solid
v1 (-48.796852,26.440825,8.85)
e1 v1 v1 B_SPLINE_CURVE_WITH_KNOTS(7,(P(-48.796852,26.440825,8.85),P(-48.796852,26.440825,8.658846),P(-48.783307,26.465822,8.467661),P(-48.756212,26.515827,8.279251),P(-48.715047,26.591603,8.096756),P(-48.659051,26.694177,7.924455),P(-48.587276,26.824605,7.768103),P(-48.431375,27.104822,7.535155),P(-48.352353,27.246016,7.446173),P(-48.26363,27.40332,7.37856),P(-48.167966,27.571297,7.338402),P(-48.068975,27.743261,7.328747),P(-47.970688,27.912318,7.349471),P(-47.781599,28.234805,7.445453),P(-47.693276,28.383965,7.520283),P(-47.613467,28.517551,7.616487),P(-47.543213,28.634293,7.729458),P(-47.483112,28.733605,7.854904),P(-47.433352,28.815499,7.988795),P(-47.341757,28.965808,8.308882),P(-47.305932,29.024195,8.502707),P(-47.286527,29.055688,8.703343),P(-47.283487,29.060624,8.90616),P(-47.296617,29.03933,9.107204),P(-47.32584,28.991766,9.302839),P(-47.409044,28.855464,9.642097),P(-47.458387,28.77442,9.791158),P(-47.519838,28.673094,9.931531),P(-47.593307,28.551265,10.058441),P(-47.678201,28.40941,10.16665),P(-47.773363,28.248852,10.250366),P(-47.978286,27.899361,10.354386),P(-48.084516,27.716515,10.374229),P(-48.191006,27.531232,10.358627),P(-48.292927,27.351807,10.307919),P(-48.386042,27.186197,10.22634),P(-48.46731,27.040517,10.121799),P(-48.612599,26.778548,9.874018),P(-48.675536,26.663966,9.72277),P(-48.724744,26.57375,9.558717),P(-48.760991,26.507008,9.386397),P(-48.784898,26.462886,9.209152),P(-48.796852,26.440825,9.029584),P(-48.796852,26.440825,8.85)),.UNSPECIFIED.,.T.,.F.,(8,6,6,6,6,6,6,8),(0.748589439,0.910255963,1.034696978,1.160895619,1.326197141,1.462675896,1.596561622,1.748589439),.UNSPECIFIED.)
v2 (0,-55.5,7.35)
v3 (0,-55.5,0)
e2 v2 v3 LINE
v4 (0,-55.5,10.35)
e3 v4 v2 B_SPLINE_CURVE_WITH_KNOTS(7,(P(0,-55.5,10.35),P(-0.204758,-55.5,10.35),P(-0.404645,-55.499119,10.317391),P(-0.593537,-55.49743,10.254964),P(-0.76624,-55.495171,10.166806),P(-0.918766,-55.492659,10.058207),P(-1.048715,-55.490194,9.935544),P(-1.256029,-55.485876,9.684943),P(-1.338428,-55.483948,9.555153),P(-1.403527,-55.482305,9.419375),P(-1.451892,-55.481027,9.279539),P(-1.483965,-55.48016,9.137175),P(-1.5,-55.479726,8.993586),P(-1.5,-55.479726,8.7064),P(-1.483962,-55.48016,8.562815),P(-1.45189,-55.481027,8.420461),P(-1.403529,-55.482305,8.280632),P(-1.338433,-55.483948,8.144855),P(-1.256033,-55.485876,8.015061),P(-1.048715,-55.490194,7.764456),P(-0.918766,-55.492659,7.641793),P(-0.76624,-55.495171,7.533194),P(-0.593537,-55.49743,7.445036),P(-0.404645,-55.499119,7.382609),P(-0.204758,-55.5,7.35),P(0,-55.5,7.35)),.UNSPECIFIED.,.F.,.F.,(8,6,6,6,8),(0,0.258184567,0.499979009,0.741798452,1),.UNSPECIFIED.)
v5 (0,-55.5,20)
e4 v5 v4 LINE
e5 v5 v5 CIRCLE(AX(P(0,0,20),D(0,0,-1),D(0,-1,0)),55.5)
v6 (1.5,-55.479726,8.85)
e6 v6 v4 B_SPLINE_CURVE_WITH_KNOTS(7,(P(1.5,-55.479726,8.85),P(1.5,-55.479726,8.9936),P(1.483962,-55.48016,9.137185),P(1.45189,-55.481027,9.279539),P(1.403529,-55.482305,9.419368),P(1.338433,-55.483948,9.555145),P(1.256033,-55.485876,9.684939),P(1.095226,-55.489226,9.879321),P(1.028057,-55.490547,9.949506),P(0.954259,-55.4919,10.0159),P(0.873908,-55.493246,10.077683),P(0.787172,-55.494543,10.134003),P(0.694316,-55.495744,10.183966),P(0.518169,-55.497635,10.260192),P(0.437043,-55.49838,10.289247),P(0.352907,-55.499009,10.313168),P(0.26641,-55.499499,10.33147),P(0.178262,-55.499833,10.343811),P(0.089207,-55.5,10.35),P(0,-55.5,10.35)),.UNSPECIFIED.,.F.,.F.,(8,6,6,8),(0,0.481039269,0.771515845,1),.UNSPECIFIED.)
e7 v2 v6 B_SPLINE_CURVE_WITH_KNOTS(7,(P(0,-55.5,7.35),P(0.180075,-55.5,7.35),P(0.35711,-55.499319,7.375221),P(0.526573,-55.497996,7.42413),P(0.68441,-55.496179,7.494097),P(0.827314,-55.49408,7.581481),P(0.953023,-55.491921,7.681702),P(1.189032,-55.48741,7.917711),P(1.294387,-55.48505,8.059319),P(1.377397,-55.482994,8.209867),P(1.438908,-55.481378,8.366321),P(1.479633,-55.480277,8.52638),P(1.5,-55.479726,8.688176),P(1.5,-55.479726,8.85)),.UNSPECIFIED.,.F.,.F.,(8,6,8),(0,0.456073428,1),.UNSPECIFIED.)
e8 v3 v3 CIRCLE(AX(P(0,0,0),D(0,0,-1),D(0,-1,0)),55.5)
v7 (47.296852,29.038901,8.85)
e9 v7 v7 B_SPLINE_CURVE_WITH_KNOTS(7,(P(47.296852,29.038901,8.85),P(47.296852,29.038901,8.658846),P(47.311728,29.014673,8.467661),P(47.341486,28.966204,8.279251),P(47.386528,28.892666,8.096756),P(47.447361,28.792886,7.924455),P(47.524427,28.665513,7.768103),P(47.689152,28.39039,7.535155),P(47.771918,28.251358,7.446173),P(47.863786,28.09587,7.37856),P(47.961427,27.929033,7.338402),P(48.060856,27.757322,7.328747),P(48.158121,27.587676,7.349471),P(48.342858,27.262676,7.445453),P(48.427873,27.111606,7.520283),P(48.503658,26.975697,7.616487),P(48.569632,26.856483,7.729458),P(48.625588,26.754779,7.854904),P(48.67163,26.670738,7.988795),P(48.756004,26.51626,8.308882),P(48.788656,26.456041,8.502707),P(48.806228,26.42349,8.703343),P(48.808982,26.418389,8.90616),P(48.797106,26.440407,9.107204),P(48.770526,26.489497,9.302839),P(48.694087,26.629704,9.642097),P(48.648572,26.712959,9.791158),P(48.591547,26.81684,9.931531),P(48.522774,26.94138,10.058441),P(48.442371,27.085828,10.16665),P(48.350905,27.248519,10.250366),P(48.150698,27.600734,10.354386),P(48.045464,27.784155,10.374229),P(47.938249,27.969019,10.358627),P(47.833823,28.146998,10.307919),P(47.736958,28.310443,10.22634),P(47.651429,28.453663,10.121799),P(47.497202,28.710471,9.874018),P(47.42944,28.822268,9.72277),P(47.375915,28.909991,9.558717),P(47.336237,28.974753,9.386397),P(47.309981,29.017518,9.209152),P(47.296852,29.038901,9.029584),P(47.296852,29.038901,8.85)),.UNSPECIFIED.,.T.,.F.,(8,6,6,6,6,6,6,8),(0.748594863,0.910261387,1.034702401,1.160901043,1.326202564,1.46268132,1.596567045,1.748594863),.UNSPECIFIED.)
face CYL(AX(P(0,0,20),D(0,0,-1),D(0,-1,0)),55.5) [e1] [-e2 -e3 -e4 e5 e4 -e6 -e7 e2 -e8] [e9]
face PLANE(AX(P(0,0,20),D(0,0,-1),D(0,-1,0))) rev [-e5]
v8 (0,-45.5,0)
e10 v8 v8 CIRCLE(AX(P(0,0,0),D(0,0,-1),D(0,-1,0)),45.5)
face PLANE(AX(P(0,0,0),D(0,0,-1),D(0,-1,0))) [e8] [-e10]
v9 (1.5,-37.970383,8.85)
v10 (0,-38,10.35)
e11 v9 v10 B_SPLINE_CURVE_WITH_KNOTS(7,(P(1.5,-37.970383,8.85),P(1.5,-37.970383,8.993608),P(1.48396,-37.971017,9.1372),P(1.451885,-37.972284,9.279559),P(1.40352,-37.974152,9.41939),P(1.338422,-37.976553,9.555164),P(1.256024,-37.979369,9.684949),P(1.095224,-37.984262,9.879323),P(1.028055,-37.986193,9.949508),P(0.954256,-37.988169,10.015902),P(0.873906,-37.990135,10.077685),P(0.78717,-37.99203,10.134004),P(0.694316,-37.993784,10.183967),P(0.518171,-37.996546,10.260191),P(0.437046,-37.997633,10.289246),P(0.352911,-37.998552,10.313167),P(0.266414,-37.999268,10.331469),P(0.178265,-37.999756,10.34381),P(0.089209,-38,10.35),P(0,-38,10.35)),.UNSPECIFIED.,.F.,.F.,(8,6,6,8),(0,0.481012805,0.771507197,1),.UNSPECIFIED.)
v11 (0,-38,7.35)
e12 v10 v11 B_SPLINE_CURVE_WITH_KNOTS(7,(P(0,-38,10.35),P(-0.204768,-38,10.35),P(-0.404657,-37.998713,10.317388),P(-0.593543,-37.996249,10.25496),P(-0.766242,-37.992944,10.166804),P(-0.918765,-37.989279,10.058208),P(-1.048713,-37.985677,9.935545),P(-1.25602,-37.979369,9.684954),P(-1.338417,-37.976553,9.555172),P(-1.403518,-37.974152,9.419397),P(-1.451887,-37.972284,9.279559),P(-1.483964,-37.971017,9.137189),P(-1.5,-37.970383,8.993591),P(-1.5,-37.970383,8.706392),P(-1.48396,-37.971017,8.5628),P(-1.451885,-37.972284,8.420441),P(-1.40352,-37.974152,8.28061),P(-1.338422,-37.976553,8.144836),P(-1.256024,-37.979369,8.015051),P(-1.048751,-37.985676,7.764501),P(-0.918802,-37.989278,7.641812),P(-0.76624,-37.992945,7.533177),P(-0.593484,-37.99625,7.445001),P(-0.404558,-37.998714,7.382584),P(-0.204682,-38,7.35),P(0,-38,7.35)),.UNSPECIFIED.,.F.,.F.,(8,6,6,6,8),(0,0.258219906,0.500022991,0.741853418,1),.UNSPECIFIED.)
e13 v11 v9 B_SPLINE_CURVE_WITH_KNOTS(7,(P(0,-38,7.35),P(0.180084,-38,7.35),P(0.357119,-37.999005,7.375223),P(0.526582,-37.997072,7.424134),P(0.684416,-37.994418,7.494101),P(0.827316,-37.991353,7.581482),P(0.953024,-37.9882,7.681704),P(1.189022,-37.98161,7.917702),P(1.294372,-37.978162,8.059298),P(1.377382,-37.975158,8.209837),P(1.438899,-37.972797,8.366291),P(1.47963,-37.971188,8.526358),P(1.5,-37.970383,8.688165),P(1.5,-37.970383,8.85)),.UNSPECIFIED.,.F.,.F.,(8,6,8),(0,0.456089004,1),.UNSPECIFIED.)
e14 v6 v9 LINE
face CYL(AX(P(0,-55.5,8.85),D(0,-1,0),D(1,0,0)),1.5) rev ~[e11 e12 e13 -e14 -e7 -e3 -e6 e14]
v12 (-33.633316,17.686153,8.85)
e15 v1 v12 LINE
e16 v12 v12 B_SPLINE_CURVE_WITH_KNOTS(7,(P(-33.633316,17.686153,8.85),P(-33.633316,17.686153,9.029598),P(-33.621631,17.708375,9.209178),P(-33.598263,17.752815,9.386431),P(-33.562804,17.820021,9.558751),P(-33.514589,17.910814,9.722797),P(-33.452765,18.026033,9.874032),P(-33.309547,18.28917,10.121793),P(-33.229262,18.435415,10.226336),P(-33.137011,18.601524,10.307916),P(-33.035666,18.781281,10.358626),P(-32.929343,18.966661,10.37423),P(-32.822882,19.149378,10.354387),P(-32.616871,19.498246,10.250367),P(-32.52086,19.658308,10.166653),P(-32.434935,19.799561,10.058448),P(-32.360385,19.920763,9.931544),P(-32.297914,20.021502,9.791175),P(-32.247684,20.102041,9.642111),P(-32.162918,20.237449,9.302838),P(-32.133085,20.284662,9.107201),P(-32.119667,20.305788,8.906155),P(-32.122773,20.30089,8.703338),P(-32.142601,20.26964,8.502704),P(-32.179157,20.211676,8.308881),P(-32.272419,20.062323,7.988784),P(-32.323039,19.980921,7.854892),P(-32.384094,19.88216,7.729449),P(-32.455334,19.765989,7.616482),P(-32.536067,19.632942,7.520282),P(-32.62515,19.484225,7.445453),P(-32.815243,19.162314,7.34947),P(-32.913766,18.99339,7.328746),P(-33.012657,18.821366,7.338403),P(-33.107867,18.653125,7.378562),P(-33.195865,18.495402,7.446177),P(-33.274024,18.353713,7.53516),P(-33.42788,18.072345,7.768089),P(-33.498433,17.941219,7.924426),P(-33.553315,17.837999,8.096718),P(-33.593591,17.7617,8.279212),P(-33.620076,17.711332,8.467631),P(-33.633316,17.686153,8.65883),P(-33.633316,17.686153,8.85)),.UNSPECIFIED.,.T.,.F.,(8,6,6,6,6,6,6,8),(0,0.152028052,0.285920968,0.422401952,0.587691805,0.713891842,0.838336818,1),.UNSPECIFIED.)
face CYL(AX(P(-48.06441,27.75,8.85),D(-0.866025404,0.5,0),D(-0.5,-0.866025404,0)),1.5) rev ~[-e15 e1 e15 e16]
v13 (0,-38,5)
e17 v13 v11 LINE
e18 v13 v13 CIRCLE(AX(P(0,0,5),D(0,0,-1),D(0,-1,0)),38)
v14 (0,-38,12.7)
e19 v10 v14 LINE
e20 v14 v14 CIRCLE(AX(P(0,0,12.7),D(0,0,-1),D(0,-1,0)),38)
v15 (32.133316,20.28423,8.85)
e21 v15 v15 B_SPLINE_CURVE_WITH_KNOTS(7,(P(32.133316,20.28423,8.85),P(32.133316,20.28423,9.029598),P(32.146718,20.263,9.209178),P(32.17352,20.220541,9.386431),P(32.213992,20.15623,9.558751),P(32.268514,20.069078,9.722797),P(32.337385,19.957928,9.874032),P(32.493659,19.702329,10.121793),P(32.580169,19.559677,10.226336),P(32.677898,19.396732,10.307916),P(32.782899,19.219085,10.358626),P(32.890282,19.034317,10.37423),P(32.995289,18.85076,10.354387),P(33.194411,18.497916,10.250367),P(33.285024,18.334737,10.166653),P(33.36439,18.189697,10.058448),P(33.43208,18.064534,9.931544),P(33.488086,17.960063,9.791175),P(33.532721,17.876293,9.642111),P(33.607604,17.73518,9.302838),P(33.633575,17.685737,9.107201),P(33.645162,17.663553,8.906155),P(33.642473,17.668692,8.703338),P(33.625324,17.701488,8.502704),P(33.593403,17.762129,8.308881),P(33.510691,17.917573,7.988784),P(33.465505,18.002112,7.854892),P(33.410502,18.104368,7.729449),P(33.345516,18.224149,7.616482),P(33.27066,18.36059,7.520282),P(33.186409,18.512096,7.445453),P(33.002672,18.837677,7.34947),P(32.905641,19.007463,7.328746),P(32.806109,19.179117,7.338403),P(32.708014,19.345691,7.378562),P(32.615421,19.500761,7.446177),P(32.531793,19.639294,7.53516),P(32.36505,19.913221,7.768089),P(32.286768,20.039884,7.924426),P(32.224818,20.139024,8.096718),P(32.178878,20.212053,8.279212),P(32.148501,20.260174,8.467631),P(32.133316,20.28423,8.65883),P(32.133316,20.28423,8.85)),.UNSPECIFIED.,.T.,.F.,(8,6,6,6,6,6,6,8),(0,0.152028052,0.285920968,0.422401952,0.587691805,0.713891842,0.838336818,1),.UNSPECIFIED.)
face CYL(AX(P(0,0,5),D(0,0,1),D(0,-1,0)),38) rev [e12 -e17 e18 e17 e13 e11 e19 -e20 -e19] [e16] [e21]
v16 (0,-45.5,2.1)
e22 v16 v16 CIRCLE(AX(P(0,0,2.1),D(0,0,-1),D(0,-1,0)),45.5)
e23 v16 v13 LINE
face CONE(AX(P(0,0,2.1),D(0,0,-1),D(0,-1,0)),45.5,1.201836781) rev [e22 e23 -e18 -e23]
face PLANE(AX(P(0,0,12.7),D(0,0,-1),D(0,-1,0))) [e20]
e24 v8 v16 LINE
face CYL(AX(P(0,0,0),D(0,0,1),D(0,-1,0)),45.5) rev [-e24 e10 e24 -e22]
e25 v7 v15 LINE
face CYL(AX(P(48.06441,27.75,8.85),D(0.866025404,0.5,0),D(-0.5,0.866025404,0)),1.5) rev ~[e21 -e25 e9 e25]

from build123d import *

# Parameters (mm, degrees)
F7_R      = 1.5
F10_DEPTH = 17.530616906
F8_R      = 1.5
F11_DEPTH = 17.530616906
F9_R      = 1.5
F12_DEPTH = 17.5306169047


with BuildPart() as f1:
    # F0 (on Right) → F1 (revolve)
    with BuildSketch(Plane.YZ):
        Polygon((-55.5, 0), (-45.5, 0), (-45.5, 2.1), (-38, 5), (-38, 12.7), (0, 12.7), (0, 20), (-55.5, 20), align=None)
    revolve(axis=Axis((0, 0, -2.8341766447), (0, 0, -1)))

    # F7 (on line) → F10 (cut, through all)
    with BuildSketch(Plane(origin=(48.06440991, 27.75, 0), x_dir=(-0.5, 0.8660254038, 0), z_dir=(0.8660254038, 0.5, 0))):
        with Locations((0, 8.85)):
            Circle(F7_R)
    extrude(amount=-F10_DEPTH, mode=Mode.SUBTRACT)

    # F8 (on line) → F11 (cut, through all)
    with BuildSketch(Plane(origin=(-48.06440991, 27.75, 0), x_dir=(-0.5, -0.8660254038, 0), z_dir=(-0.8660254038, 0.5, 0))):
        with Locations((0, 8.85)):
            Circle(F8_R)
    extrude(amount=-F11_DEPTH, mode=Mode.SUBTRACT)

    # F9 (on line) → F12 (cut, through all)
    with BuildSketch(Plane.XZ.offset(55.5)):
        with Locations((0, 8.85)):
            Circle(F9_R)
    extrude(amount=-F12_DEPTH, mode=Mode.SUBTRACT)


solid = f1.part
